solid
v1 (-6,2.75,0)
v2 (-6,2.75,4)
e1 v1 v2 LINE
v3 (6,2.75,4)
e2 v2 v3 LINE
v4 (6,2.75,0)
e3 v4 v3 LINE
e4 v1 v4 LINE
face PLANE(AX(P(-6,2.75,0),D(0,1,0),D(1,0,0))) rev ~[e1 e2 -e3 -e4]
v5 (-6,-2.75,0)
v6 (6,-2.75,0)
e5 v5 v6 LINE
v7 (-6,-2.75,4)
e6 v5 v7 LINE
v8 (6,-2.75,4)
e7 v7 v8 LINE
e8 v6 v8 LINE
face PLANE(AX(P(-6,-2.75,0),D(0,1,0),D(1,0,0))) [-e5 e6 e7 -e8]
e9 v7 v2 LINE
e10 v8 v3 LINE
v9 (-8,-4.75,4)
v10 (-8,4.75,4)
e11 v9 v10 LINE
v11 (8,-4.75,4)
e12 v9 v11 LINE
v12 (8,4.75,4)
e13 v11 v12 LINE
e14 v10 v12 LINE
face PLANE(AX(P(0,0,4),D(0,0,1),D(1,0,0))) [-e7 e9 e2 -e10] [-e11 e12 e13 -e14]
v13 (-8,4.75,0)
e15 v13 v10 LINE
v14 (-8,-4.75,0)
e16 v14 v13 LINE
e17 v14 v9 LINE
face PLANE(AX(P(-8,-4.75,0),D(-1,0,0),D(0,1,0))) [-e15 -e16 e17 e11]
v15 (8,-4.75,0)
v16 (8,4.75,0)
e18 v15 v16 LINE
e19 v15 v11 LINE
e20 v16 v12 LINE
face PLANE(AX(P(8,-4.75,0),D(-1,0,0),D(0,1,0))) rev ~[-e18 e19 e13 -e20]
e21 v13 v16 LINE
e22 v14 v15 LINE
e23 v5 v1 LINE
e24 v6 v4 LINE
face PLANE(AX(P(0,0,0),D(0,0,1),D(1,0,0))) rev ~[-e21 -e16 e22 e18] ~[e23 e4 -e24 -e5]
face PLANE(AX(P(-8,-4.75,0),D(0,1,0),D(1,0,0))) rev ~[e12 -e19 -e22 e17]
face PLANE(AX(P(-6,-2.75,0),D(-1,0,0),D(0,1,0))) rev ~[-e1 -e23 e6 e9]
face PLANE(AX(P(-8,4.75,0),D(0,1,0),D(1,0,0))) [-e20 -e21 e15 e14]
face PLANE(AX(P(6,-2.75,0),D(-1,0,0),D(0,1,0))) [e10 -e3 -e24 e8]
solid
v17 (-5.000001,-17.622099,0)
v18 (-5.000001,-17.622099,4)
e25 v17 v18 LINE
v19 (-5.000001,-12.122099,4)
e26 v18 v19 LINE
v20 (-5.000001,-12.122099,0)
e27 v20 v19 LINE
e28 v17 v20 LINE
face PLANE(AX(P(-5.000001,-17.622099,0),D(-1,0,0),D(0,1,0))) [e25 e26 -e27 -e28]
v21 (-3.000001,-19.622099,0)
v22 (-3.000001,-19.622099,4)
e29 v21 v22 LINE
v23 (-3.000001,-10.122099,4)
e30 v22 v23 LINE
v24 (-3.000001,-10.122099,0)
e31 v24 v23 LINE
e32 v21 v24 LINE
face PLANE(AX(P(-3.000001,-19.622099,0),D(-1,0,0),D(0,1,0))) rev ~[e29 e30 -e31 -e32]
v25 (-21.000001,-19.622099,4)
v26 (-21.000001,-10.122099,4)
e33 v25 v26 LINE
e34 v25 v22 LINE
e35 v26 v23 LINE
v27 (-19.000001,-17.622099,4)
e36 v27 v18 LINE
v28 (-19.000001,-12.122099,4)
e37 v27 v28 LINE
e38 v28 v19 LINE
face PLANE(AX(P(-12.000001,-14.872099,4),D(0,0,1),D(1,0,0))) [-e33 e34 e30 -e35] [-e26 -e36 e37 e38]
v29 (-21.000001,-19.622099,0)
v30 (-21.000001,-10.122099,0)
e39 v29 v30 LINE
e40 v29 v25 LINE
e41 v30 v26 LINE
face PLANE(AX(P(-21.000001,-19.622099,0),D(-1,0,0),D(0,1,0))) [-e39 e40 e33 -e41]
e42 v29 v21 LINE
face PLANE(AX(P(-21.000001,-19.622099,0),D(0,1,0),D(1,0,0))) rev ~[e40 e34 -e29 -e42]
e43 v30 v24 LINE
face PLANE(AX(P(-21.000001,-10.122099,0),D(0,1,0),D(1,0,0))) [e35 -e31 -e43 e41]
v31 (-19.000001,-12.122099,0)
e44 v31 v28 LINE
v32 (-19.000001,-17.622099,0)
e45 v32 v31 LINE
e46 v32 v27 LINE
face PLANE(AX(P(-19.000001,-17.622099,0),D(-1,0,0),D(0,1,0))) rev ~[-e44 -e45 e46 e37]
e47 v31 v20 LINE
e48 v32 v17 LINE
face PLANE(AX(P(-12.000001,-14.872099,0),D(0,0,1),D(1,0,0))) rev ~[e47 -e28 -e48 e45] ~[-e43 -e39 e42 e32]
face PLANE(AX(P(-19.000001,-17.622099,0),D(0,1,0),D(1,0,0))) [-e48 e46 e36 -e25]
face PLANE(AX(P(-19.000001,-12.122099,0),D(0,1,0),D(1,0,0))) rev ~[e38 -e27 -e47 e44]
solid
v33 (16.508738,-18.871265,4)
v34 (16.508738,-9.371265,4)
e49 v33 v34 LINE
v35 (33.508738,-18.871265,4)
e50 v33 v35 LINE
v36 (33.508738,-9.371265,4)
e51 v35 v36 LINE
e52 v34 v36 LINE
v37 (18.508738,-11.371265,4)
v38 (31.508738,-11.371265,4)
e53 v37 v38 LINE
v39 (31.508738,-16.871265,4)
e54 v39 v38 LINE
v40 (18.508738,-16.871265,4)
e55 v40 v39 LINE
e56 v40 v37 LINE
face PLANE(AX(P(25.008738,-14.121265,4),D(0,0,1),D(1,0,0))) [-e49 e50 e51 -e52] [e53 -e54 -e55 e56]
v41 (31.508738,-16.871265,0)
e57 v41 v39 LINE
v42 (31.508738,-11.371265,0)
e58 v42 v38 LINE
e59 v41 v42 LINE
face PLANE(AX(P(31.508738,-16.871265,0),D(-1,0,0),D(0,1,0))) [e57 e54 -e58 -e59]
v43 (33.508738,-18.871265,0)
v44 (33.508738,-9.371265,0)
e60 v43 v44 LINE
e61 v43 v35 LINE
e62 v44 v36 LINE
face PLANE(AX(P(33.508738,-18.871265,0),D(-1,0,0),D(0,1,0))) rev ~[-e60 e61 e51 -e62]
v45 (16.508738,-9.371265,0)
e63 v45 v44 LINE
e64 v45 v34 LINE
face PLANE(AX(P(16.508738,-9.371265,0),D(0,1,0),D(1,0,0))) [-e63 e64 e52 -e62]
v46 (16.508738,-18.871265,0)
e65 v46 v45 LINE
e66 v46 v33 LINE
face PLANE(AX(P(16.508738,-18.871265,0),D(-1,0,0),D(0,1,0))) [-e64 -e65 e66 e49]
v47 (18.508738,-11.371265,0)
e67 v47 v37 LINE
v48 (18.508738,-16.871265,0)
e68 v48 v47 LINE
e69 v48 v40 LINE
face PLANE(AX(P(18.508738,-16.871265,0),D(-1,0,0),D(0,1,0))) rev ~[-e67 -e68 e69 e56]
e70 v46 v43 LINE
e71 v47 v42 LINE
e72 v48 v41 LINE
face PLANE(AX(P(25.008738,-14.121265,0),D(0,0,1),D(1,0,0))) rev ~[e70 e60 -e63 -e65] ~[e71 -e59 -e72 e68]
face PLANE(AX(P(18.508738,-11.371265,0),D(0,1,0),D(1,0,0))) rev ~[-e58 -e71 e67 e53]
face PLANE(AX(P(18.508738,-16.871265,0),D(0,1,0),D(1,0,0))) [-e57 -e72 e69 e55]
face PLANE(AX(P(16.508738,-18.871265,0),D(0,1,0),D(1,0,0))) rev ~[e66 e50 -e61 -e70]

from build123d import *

# Parameters (mm, degrees)
F0_W     = 18
F0_H     = 9.5
F0_W_2   = 14
F0_H_2   = 5.5
F0_W_3   = 16
F0_W_4   = 12
F0_W_5   = 17
F0_W_6   = 13
F1_DEPTH = 4


with BuildPart() as f1:
    # F0 (on Top) → F1 (new body)
    with BuildSketch(Plane.XY):
        with Locations((-12.000001, -14.872099)):
            Rectangle(F0_W, F0_H)
        with Locations((-12.000001, -14.872099)):
            Rectangle(F0_W_2, F0_H_2, mode=Mode.SUBTRACT)
        Rectangle(F0_W_3, F0_H)
        Rectangle(F0_W_4, F0_H_2, mode=Mode.SUBTRACT)
        with Locations((25.008738, -14.121265)):
            Rectangle(F0_W_5, F0_H)
        with Locations((25.008738, -14.121265)):
            Rectangle(F0_W_6, F0_H_2, mode=Mode.SUBTRACT)
    extrude(amount=F1_DEPTH)


solid = f1.part
